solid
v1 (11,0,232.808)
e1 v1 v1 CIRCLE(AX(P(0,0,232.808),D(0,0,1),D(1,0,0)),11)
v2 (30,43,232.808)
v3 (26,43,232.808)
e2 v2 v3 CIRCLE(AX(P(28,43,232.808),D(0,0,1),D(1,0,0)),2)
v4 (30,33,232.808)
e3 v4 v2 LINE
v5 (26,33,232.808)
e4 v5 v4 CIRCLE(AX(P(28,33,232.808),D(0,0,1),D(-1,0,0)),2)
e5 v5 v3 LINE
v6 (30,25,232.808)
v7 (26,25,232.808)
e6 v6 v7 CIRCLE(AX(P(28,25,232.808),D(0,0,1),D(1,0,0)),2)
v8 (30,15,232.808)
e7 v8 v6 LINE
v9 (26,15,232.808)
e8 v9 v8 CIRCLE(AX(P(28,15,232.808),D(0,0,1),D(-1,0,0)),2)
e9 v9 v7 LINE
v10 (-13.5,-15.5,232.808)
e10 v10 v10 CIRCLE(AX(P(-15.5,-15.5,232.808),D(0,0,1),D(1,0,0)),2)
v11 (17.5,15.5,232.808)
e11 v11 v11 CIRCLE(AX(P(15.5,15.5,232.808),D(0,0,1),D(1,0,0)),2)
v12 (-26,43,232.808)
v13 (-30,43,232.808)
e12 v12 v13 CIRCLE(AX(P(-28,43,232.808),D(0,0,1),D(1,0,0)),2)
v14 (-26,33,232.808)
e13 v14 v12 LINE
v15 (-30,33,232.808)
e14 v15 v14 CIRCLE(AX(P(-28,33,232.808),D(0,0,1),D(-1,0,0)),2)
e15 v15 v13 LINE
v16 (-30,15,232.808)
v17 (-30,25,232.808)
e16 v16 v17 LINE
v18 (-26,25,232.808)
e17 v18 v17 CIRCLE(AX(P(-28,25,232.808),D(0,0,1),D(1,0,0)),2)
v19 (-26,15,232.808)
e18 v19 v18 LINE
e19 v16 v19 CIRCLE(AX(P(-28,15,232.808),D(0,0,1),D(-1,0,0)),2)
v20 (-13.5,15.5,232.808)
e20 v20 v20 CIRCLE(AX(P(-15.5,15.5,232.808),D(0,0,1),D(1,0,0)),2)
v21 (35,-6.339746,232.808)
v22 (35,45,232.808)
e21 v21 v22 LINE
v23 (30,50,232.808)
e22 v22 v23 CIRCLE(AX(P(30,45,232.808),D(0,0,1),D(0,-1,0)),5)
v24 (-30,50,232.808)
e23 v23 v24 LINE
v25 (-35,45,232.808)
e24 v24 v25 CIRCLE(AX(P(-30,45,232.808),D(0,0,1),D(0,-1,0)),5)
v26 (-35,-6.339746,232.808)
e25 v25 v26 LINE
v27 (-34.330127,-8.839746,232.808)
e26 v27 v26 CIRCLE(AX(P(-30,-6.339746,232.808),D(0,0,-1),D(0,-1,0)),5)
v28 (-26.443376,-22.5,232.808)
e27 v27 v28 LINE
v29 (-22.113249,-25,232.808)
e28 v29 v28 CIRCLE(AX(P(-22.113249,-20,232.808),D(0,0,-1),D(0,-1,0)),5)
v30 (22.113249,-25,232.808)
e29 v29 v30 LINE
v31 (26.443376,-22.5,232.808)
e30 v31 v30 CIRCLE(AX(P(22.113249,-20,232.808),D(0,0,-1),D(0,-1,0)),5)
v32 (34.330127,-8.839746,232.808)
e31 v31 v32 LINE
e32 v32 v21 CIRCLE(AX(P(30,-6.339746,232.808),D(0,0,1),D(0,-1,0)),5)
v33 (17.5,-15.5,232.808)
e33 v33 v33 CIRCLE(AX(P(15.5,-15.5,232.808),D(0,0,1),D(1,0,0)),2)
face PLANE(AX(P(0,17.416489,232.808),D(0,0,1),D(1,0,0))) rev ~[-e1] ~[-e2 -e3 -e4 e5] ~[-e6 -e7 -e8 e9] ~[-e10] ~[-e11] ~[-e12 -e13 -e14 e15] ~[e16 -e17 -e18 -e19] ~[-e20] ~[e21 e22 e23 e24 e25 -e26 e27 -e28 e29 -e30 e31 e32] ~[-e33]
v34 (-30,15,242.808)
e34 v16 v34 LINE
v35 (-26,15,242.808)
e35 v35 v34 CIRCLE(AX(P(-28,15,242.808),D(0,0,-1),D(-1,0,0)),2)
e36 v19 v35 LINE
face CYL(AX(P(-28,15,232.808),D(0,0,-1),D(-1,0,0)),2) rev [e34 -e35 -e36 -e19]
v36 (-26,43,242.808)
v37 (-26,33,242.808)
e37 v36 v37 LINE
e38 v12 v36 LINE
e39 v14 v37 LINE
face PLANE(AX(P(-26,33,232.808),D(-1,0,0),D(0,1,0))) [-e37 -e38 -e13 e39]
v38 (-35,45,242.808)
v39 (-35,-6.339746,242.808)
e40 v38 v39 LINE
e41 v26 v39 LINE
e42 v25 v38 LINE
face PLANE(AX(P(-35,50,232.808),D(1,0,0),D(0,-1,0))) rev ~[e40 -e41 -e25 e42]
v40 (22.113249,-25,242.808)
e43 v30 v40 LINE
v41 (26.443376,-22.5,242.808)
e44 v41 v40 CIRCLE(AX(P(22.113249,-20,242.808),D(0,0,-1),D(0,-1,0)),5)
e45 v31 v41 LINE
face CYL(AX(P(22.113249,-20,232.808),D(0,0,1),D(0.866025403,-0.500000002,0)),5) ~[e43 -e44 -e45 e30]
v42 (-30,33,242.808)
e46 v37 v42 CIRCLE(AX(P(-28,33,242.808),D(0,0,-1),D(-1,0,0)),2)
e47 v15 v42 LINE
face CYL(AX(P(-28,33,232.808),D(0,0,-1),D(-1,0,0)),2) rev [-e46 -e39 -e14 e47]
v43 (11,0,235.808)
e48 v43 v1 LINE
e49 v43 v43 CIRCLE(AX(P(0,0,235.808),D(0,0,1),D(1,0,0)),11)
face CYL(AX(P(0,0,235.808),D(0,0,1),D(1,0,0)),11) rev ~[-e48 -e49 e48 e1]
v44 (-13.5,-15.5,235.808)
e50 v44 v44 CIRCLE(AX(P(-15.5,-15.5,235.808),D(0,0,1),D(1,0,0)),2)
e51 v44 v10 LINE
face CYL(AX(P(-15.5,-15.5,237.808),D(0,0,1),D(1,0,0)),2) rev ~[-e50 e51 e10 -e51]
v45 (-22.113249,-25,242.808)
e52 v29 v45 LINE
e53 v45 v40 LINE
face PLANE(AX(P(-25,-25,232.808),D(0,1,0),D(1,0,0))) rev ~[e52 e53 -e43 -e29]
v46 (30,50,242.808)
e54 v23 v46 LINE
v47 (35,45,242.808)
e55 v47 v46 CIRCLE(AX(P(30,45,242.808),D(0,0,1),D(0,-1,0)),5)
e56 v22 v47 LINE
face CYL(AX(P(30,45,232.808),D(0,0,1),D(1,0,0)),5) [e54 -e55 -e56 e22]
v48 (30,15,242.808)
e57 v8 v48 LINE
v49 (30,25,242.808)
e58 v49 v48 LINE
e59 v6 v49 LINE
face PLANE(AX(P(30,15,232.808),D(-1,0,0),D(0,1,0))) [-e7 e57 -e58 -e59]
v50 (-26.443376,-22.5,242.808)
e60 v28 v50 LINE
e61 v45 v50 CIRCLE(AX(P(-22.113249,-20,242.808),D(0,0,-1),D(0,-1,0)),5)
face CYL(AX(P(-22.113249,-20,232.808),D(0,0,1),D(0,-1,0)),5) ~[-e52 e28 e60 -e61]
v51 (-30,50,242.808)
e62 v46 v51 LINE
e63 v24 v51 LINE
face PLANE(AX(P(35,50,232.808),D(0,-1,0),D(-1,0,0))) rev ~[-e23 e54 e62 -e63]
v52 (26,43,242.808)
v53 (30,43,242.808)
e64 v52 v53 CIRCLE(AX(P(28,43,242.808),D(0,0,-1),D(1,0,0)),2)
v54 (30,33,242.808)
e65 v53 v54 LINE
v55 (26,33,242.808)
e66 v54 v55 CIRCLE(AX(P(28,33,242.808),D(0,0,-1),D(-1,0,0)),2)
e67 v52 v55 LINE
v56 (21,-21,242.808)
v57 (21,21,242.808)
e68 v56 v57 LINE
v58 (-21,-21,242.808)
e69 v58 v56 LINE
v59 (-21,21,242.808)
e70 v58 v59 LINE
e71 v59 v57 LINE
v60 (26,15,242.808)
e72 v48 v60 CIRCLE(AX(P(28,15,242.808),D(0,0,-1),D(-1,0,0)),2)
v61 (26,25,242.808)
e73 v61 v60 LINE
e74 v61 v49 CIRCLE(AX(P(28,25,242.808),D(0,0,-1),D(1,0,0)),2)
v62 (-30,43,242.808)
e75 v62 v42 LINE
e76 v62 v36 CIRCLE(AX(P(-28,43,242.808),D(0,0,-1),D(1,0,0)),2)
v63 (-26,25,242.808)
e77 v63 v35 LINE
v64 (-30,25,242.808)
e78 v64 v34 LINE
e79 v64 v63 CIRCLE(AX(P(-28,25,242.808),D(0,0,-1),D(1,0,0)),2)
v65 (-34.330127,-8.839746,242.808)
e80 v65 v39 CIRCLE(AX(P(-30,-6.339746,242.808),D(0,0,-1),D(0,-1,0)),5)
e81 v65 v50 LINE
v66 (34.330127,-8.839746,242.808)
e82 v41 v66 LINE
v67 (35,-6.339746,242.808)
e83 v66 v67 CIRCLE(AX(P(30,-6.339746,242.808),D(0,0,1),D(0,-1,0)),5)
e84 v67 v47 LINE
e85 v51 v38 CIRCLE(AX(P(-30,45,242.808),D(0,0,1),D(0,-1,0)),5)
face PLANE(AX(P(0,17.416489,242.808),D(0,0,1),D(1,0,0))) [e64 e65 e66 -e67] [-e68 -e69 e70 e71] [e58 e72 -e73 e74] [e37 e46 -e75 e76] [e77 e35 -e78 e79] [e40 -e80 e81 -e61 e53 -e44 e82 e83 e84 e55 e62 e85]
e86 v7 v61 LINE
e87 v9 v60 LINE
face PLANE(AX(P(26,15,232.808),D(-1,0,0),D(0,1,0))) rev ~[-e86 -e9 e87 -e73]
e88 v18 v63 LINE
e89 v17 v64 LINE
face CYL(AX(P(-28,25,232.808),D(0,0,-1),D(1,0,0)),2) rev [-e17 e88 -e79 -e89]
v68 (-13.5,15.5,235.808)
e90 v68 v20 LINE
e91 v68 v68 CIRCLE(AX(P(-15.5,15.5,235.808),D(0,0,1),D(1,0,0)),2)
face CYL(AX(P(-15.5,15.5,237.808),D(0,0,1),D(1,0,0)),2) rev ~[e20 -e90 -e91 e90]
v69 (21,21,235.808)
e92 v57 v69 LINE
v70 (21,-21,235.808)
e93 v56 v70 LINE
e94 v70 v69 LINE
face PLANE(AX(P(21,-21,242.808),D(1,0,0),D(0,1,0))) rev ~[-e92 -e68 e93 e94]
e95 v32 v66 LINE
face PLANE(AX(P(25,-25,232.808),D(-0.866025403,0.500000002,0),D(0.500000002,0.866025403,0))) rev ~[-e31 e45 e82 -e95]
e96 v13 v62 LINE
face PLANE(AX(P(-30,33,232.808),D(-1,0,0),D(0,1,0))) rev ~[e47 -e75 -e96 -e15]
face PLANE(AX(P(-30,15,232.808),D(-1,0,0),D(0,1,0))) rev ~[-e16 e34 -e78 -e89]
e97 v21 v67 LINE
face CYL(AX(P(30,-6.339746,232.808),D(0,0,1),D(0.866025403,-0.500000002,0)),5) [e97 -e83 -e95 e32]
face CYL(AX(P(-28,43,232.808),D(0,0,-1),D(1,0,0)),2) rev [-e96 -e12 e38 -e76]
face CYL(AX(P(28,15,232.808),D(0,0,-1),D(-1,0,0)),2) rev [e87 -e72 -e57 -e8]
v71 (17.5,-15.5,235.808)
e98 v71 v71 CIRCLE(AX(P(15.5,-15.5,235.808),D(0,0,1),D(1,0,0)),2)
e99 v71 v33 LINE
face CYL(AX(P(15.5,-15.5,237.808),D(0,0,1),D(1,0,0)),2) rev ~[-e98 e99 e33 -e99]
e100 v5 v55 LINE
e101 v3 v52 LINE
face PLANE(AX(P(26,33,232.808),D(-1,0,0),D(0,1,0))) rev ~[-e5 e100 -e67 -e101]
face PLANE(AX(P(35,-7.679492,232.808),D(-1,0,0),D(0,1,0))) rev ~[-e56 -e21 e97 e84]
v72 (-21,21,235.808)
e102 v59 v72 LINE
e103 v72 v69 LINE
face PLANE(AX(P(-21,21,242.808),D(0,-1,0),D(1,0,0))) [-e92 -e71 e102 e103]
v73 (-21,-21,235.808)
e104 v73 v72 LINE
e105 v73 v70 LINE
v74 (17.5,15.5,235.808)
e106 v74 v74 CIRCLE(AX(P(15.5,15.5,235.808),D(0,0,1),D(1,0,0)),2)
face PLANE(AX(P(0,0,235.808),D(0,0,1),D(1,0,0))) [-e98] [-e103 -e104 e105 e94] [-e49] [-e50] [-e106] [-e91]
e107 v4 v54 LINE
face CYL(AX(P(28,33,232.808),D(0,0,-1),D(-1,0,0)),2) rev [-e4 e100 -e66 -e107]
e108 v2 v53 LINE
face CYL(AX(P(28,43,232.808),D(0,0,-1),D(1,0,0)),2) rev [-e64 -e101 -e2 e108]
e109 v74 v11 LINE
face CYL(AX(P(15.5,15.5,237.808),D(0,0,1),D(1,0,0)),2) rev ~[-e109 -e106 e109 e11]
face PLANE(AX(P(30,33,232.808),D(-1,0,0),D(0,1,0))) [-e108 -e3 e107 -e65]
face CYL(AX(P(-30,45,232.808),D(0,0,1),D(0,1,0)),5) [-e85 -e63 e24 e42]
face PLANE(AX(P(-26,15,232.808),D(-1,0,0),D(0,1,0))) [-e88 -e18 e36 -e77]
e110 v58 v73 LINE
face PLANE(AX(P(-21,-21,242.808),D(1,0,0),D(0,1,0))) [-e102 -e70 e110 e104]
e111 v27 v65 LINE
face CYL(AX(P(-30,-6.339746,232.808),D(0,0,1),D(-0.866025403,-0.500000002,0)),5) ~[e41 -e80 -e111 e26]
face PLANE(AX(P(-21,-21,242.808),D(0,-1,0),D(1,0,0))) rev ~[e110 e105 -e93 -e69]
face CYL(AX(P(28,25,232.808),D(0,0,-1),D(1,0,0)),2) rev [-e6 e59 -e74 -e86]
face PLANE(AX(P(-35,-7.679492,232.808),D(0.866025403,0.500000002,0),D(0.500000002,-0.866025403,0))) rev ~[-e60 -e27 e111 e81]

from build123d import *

# Parameters (mm, degrees)
SKETCH023_W                     = 50
SKETCH023_H                     = 50
PAD005_DEPTH                    = 10
SKETCH024_W                     = 42
SKETCH024_H                     = 42
POCKET014_DEPTH                 = 7
SKETCH025_R                     = 11
POCKET015_DEPTH                 = 3.001
SKETCH022_R                     = 2
POCKET016_DEPTH                 = 5
PAD006_DEPTH                    = 10
POCKET017_DEPTH                 = 216.156281
POCKET017_LINEARPATTERN_2_DEPTH = 216.156281
LINEARPATTERN001_COUNT          = 2
LINEARPATTERN001_PITCH          = 18
FILLET002_R                     = 5


with BuildPart() as part:
    # Sketch023 → Pad005 (new body)
    with BuildSketch(Plane.XY):
        Rectangle(SKETCH023_W, SKETCH023_H)
    extrude(amount=PAD005_DEPTH)

    # Sketch024 (on Face6 of Pad005) → Pocket014 (cut)
    with BuildSketch(Plane.XY.offset(10)):
        Rectangle(SKETCH024_W, SKETCH024_H)
    extrude(amount=-POCKET014_DEPTH, mode=Mode.SUBTRACT)

    # Sketch025 (on Face11 of Pocket014) → Pocket015 (cut, through all)
    with BuildSketch(Plane.XY.offset(3)):
        Circle(SKETCH025_R)
    extrude(amount=-POCKET015_DEPTH, mode=Mode.SUBTRACT)

    # Sketch022 → Pocket016 (cut)
    with BuildSketch(Plane.XY.offset(5)):
        with Locations((-15.5, 15.5)):
            Circle(SKETCH022_R)
        with Locations((15.5, 15.5)):
            Circle(SKETCH022_R)
        with Locations((15.5, -15.5)):
            Circle(SKETCH022_R)
        with Locations((-15.5, -15.5)):
            Circle(SKETCH022_R)
    extrude(amount=-POCKET016_DEPTH, mode=Mode.SUBTRACT)

    # Sketch026 → Pad006 (join)
    with BuildSketch(Plane.XY):
        Polygon((-25, 25), (25, 25), (25, -25), (35, -7.679492), (35, 50), (-35, 50), (-35, -7.679492), (-25, -25), align=None)
    extrude(amount=PAD006_DEPTH)

    # Sketch021 → Pocket017 (cut, through all)
    with BuildSketch(Plane.XY):
        with BuildLine():
            ThreePointArc((-30, 15), (-28, 13), (-26, 15))
            Line((-26, 15), (-26, 25))
            ThreePointArc((-26, 25), (-28, 27), (-30, 25))
            Line((-30, 15), (-30, 25))
        make_face()
    pocket017 = extrude(amount=POCKET017_DEPTH, mode=Mode.SUBTRACT)

    # Sketch021 LinearPattern 2 → Pocket017 LinearPattern 2 (cut, through all)
    with BuildSketch(Plane(origin=(56, 0, 0), x_dir=(1, 0, 0), z_dir=(0, 0, 1))):
        with BuildLine():
            ThreePointArc((-30, 15), (-28, 13), (-26, 15))
            Line((-26, 15), (-26, 25))
            ThreePointArc((-26, 25), (-28, 27), (-30, 25))
            Line((-30, 15), (-30, 25))
        make_face()
    pocket017_linearpattern_2 = extrude(amount=POCKET017_LINEARPATTERN_2_DEPTH, mode=Mode.SUBTRACT)

    # LinearPattern001: Pocket017, Pocket017 LinearPattern 2 ×2
    with Locations(*[(0, i * LINEARPATTERN001_PITCH, 0) for i in range(1, LINEARPATTERN001_COUNT)]):
        add(pocket017, mode=Mode.SUBTRACT)
        add(pocket017_linearpattern_2, mode=Mode.SUBTRACT)

    # Fillet002
    fillet002_edges = [part.edges().sort_by_distance(p)[0] for p in [
        (25, -25, 5),
        (35, -7.679492, 5),
        (35, 50, 5),
        (-25, -25, 5),
        (-35, -7.679492, 5),
        (-35, 50, 5),
    ]]
    fillet(fillet002_edges, radius=FILLET002_R)


with BuildPart() as part_1:
    # Body007 placement: moved
    add(part.part.moved(Location((0, 0, 232.808))))


solid = part_1.part
